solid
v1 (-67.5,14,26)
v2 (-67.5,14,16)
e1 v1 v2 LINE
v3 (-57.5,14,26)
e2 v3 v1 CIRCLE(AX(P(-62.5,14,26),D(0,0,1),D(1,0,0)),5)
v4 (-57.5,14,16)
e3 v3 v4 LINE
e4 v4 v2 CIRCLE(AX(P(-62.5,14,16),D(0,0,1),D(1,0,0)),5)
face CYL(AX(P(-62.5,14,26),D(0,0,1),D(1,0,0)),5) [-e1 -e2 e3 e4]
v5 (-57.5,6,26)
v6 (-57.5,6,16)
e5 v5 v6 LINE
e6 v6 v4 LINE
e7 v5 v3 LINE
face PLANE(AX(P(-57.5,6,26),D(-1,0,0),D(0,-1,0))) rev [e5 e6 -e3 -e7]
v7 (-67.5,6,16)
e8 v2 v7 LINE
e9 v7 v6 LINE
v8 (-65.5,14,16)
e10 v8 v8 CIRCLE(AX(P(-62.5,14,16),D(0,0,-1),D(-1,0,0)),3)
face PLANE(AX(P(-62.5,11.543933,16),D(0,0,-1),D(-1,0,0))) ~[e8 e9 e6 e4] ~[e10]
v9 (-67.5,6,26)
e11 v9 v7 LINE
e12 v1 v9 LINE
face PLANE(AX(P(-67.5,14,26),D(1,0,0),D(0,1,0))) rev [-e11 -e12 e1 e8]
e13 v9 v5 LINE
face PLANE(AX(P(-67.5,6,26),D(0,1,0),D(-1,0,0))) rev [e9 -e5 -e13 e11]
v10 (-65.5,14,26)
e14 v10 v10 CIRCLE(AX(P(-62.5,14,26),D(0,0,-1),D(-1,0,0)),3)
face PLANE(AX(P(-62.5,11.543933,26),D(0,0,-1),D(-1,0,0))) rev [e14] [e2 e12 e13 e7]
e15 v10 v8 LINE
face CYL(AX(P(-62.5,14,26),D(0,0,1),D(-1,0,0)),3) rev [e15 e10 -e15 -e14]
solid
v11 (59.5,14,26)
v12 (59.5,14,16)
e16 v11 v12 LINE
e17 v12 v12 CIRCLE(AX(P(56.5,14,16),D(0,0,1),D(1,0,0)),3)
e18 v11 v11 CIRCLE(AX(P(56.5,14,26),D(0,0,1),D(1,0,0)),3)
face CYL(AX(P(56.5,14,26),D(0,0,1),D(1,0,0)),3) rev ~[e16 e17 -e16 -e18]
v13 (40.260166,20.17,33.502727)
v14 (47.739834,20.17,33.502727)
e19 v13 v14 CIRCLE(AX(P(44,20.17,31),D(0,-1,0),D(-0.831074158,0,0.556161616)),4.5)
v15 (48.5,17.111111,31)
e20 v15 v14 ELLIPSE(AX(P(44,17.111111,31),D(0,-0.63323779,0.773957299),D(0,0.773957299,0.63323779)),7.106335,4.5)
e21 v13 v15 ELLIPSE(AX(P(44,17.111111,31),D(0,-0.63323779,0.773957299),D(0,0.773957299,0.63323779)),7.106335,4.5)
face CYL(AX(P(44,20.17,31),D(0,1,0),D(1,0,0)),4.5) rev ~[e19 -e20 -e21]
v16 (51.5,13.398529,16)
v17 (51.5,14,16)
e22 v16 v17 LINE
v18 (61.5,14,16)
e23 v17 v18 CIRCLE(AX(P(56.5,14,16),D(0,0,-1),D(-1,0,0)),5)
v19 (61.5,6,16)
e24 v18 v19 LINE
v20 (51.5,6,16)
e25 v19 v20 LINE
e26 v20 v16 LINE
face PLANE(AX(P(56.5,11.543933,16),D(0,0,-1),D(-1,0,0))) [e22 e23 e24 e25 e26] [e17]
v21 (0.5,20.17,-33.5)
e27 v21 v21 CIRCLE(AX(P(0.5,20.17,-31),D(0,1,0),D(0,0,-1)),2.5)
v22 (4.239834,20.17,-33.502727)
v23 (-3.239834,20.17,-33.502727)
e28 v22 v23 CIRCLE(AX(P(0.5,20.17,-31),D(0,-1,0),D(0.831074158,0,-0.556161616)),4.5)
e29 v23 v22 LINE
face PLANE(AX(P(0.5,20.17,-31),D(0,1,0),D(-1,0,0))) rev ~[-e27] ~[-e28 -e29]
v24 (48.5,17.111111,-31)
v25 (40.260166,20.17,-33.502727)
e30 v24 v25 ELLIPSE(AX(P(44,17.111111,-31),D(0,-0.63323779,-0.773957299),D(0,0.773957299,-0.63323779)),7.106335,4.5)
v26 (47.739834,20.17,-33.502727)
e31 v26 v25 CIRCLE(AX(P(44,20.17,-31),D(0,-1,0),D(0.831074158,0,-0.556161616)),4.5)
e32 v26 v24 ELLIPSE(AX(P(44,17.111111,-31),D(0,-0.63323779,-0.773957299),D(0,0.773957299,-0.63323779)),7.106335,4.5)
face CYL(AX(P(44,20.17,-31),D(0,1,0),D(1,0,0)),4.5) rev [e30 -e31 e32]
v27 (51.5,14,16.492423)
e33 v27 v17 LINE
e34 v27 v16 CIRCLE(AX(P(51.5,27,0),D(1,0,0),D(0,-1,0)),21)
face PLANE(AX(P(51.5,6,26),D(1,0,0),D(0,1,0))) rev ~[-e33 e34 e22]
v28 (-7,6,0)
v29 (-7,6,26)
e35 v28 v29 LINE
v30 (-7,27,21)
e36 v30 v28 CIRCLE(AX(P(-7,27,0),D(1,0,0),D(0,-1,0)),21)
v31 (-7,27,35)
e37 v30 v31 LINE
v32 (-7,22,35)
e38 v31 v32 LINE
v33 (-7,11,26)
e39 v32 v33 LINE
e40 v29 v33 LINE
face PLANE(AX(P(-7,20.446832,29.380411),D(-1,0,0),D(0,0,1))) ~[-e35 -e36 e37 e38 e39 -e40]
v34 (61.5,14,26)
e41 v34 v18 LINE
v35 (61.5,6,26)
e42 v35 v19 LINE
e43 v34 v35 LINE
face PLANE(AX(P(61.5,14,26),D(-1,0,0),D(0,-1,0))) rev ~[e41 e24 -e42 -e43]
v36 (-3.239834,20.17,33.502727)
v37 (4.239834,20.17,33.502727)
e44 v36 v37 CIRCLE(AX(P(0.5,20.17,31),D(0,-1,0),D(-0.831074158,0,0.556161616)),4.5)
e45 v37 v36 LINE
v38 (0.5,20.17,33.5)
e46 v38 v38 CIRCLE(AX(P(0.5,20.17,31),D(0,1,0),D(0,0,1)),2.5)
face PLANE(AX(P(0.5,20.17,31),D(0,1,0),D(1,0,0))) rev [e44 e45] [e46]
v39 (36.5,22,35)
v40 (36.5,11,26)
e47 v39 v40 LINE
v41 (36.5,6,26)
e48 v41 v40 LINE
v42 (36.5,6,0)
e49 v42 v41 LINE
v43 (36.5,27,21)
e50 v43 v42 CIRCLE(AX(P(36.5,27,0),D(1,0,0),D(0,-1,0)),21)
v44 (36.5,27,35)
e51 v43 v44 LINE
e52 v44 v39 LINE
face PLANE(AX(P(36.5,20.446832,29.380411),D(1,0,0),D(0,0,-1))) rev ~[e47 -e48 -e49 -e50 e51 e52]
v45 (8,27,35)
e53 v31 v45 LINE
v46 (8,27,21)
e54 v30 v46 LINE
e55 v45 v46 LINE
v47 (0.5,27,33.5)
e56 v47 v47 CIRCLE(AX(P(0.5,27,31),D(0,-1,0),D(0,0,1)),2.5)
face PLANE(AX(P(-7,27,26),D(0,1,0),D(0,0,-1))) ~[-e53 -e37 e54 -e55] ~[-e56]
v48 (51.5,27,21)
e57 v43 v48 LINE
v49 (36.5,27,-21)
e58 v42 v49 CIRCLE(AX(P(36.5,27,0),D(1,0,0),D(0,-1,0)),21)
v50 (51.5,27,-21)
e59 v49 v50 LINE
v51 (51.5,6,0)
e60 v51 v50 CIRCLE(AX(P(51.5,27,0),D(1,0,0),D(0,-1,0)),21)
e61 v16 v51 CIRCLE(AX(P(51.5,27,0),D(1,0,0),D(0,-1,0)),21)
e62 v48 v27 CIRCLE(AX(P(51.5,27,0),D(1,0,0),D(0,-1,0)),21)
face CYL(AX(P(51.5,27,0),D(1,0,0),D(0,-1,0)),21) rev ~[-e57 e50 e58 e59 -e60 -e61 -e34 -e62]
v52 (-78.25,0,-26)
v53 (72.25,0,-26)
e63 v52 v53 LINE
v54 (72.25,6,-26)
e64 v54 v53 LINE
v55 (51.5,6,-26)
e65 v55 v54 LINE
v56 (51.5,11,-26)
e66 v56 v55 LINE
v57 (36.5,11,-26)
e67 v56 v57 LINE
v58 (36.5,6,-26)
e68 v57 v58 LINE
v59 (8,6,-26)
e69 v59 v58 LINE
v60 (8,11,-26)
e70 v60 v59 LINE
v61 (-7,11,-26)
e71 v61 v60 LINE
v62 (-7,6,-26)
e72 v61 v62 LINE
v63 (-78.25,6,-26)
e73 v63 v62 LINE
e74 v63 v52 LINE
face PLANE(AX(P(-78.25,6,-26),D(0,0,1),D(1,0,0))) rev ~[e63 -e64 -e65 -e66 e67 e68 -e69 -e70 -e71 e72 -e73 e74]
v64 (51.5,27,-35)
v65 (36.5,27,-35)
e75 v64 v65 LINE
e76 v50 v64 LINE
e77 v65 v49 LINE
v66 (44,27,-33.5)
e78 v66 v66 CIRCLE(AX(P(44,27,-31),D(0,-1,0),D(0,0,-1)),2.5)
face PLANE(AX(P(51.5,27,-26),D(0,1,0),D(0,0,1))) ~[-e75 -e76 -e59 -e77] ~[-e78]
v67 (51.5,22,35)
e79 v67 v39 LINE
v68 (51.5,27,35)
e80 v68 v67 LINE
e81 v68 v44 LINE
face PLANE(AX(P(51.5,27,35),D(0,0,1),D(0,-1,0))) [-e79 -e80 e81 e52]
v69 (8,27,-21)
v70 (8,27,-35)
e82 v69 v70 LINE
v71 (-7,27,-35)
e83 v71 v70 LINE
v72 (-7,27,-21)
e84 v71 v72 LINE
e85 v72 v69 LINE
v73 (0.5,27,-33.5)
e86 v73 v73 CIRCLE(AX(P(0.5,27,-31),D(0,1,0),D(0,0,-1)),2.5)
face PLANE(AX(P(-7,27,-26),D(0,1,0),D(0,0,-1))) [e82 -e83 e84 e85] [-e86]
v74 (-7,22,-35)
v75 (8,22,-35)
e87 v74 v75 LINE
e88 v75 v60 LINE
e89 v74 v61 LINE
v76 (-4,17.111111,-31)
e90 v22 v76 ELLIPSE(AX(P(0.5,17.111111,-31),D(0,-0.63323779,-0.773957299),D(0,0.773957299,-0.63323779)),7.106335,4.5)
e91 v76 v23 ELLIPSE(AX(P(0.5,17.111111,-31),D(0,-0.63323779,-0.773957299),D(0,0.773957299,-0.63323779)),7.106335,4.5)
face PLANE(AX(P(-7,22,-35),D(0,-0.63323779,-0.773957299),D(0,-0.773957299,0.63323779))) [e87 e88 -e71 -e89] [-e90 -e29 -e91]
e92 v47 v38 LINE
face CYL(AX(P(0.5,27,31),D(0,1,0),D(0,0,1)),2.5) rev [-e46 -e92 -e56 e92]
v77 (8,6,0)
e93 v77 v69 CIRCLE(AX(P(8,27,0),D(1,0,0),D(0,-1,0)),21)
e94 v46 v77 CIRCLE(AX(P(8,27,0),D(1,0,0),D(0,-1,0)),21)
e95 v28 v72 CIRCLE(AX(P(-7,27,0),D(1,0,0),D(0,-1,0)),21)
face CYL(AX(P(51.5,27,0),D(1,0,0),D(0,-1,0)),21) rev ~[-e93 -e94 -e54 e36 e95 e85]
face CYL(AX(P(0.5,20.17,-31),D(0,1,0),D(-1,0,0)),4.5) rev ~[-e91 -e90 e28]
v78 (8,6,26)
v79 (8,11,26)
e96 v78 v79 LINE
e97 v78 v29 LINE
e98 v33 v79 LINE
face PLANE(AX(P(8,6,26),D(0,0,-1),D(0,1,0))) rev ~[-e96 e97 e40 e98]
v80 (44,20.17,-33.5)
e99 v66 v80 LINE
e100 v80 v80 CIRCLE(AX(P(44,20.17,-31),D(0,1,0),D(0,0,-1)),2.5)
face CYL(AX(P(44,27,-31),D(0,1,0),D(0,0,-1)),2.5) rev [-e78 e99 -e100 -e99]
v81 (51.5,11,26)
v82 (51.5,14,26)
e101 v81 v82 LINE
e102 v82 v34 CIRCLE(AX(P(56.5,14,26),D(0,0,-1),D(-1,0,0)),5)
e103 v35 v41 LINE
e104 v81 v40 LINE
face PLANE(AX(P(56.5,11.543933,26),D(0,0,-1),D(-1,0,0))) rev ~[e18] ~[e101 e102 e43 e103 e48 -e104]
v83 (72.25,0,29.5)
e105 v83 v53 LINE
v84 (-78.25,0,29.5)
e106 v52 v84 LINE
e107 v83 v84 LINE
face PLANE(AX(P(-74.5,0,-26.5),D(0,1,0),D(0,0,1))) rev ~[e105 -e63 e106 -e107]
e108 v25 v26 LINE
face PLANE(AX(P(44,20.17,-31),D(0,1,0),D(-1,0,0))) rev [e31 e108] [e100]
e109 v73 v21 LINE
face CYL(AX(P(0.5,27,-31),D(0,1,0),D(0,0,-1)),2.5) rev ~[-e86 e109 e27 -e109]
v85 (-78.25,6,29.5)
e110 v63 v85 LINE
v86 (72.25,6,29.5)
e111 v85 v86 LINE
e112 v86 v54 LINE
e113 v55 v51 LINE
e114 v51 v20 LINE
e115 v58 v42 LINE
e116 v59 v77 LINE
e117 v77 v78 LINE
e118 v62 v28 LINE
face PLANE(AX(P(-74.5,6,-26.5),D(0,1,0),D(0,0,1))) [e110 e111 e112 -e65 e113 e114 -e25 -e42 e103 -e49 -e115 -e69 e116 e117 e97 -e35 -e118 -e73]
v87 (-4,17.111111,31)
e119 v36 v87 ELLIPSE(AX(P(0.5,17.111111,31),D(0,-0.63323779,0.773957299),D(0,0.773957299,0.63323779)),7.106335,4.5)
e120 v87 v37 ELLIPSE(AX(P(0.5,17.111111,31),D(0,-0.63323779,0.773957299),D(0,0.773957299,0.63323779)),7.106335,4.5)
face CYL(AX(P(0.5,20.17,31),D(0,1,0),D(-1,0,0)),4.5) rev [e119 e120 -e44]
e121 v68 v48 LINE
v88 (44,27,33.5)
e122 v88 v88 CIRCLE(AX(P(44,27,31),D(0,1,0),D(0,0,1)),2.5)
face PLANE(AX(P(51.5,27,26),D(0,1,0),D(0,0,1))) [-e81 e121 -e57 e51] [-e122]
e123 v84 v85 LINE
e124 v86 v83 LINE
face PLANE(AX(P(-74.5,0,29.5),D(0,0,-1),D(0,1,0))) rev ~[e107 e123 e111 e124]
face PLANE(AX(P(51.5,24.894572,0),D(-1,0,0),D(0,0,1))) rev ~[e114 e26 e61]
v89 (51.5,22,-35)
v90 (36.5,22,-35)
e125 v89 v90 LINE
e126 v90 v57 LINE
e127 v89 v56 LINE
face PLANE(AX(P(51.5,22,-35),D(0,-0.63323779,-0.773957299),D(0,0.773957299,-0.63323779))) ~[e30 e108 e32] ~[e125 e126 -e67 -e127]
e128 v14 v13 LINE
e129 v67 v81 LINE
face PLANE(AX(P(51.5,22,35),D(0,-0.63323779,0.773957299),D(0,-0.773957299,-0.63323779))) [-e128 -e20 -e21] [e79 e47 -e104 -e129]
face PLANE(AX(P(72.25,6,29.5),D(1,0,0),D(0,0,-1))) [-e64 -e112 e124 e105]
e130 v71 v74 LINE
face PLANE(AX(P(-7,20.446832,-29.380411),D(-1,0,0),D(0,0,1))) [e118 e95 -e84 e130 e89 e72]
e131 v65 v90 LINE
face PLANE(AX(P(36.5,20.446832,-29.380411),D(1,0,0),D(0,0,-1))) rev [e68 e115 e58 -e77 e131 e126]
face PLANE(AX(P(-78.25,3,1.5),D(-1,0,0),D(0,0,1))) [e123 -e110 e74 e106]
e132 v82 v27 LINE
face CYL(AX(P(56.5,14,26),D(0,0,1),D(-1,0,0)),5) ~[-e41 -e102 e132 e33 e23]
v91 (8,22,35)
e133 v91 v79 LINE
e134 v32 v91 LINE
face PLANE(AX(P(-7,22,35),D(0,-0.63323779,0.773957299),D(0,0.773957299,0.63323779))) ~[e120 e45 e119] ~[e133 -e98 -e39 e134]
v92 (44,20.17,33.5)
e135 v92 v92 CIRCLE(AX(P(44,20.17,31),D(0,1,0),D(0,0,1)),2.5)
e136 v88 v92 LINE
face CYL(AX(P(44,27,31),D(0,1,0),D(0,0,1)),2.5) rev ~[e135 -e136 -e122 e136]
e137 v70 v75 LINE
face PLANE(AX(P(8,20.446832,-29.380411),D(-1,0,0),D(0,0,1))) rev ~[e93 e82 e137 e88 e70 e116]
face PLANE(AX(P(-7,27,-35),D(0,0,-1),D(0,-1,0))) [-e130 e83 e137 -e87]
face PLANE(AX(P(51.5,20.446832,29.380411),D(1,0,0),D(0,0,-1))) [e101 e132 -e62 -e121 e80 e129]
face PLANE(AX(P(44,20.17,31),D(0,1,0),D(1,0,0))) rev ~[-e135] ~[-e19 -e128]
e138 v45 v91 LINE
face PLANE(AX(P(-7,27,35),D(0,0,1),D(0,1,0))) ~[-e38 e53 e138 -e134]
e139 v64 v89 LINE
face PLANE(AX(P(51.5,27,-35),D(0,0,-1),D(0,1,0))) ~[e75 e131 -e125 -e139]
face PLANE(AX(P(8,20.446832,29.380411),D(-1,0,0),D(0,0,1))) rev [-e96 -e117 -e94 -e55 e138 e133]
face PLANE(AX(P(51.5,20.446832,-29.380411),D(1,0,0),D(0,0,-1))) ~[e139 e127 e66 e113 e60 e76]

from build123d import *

# Parameters (mm, degrees)
CROQUIS1_W                                  = 149
CROQUIS1_H                                  = 53
SALIENTE_EXTRUIR1_DEPTH                     = 6
SALIENTE_EXTRUIR2_DEPTH                     = 15
SALIENTE_EXTRUIR5_DEPTH                     = 15
CROQUIS3_R                                  = 21
CORTAR_EXTRUIR2_DEPTH                       = 140.238105417
CROQUIS6_R                                  = 3
SALIENTE_EXTRUIR11_DEPTH                    = 10
CROQUIS10_W                                 = 149
CROQUIS10_H                                 = 6
SALIENTE_EXTRUIR23_DEPTH                    = 3
CROQUIS11_W                                 = 2.25
CROQUIS11_H                                 = 56
CORTAR_EXTRUIR3_DEPTH                       = 93.895102131
CROQUIS12_W                                 = 56
CROQUIS12_H                                 = 6
SALIENTE_EXTRUIR24_DEPTH                    = 3.75
CROQUIS13_W                                 = 150.5
CROQUIS13_H                                 = 0.5
CORTAR_EXTRUIR4_DEPTH                       = 96.928684448
CROQUIS14_W                                 = 169.427236994
CROQUIS14_H                                 = 76.033419256
CORTAR_EXTRUIR5_DEPTH                       = 88.876689173
SALIENTE_EXTRUIR25_DEPTH                    = 15
CROQUIS16_R                                 = 2.5
CORTAR_EXTRUIR6_DEPTH                       = 10
CROQUIS17_R                                 = 4.5
CORTAR_EXTRUIR7_DEPTH                       = 10
SIMETR_A14_AT_THE_SECOND_PLANE_COPY_1_DEPTH = 15
SIMETR_A14_AT_THE_SECOND_PLANE_COPY_2_SK_R  = 2.5
SIMETR_A14_AT_THE_SECOND_PLANE_COPY_2_DEPTH = 10
SIMETR_A14_AT_THE_SECOND_PLANE_COPY_3_SK_R  = 4.5
SIMETR_A14_AT_THE_SECOND_PLANE_COPY_3_DEPTH = 10


with BuildPart() as part:
    # Croquis1 → Saliente-Extruir1 (new body)
    with BuildSketch(Plane(origin=(0, 0, 0), x_dir=(1, 0, 0), z_dir=(0, 1, 0))):
        Rectangle(CROQUIS1_W, CROQUIS1_H)
    extrude(amount=SALIENTE_EXTRUIR1_DEPTH)

    # Croquis2 → Saliente-Extruir2 (add)
    with BuildSketch(Plane(origin=(51.5, 0, 0), x_dir=(0, 0, -1), z_dir=(1, 0, 0))):
        with BuildLine():
            Line((26, 6), (-26, 6))
            Line((-26, 6), (-26, 27))
            ThreePointArc((-26, 27), (0, 53), (26, 27))
            Line((26, 27), (26, 6))
        make_face()
    extrude(amount=-SALIENTE_EXTRUIR2_DEPTH)

    # Croquis5 → Saliente-Extruir5 (add)
    with BuildSketch(Plane.ZY.offset(-8)):
        with BuildLine():
            Line((-26, 6), (26, 6))
            Line((26, 6), (26, 27))
            ThreePointArc((26, 27), (0, 53), (-26, 27))
            Line((-26, 27), (-26, 6))
        make_face()
    extrude(amount=SALIENTE_EXTRUIR5_DEPTH)

    # Croquis3 → Cortar-Extruir2 (cut, through all)
    with BuildSketch(Plane(origin=(51.5, 0, 0), x_dir=(0, 0, -1), z_dir=(1, 0, 0))):
        with Locations(Location((0, 27, 0), (0, 0, 270))):
            Circle(CROQUIS3_R)
    extrude(amount=-CORTAR_EXTRUIR2_DEPTH, mode=Mode.SUBTRACT)

    # Croquis10 → Saliente-Extruir23 (add)
    with BuildSketch(Plane.XY.offset(26.5)):
        with Locations((0, 3)):
            Rectangle(CROQUIS10_W, CROQUIS10_H)
    extrude(amount=SALIENTE_EXTRUIR23_DEPTH)

    # Croquis11 → Cortar-Extruir3 (cut, through all)
    with BuildSketch(Plane(origin=(0, 6, 0), x_dir=(1, 0, 0), z_dir=(0, 1, 0))):
        with Locations((73.375, -1.5)):
            Rectangle(CROQUIS11_W, CROQUIS11_H)
    extrude(amount=-CORTAR_EXTRUIR3_DEPTH, mode=Mode.SUBTRACT)

    # Croquis12 → Saliente-Extruir24 (add)
    with BuildSketch(Plane.ZY.offset(74.5)):
        with Locations((1.5, 3)):
            Rectangle(CROQUIS12_W, CROQUIS12_H)
    extrude(amount=SALIENTE_EXTRUIR24_DEPTH)

    # Croquis13 → Cortar-Extruir4 (cut, through all)
    with BuildSketch(Plane(origin=(0, 6, 0), x_dir=(1, 0, 0), z_dir=(0, 1, 0))):
        with Locations((-3, 26.25)):
            Rectangle(CROQUIS13_W, CROQUIS13_H)
    extrude(amount=-CORTAR_EXTRUIR4_DEPTH, mode=Mode.SUBTRACT)

    # Croquis14 → Cortar-Extruir5 (cut, through all)
    with BuildSketch(Plane(origin=(0, 27, 0), x_dir=(-1, 0, 0), z_dir=(0, -1, 0))):
        Rectangle(CROQUIS14_W, CROQUIS14_H)
    extrude(amount=-CORTAR_EXTRUIR5_DEPTH, mode=Mode.SUBTRACT)



with BuildPart() as body_2:
    # Croquis6 → Saliente-Extruir11 (new body)
    with BuildSketch(Plane.XY.offset(26)):
        with BuildLine():
            Line((61.5, 6), (51.5, 6))
            Line((51.5, 6), (51.5, 14))
            ThreePointArc((51.5, 14), (56.5, 19), (61.5, 14))
            Line((61.5, 14), (61.5, 6))
        make_face()
        with Locations((56.5, 14)):
            Circle(CROQUIS6_R, mode=Mode.SUBTRACT)
    extrude(amount=-SALIENTE_EXTRUIR11_DEPTH)


with BuildPart() as body_3:
    # Simetría11: mirrored copy
    add(body_2.part.mirror(Plane(origin=(-3, 0, 0), x_dir=(0, 0, 1), z_dir=(1, 0, 0))))


with BuildPart() as part_1:
    add(part.part)

    add(body_2.part)  # Saliente-Extruir25 merges body 2
    # Croquis15 → Saliente-Extruir25 (add)
    with BuildSketch(Plane(origin=(51.5, 0, 0), x_dir=(0, 0, -1), z_dir=(1, 0, 0))):
        Polygon((-26, 27), (-35, 27), (-35, 22), (-26, 11), align=None)
    saliente_extruir25 = extrude(amount=-SALIENTE_EXTRUIR25_DEPTH)

    # Croquis16 → Cortar-Extruir6 (cut)
    with BuildSketch(Plane(origin=(0, 27, 0), x_dir=(1, 0, 0), z_dir=(0, 1, 0))):
        with Locations(Location((44, -31, 0), (0, 0, 270))):
            Circle(CROQUIS16_R)
    cortar_extruir6 = extrude(amount=-CORTAR_EXTRUIR6_DEPTH, mode=Mode.SUBTRACT)

    # Croquis17 → Cortar-Extruir7 (cut)
    with BuildSketch(Plane(origin=(0, 20.17, 0), x_dir=(1, 0, 0), z_dir=(0, 1, 0))):
        with Locations((44, -31)):
            Circle(CROQUIS17_R)
    cortar_extruir7 = extrude(amount=-CORTAR_EXTRUIR7_DEPTH, mode=Mode.SUBTRACT)

    # Simetría14: Saliente-Extruir25, Cortar-Extruir6, Cortar-Extruir7 across plane
    add(saliente_extruir25.mirror(Plane.XY))
    add(cortar_extruir6.mirror(Plane.XY), mode=Mode.SUBTRACT)
    add(cortar_extruir7.mirror(Plane.XY), mode=Mode.SUBTRACT)

    # Simetría14 at the second plane: Saliente-Extruir25, Cortar-Extruir6, Cortar-Extruir7 across plane
    add(saliente_extruir25.mirror(Plane.ZY.offset(-22.25)))
    add(cortar_extruir6.mirror(Plane.ZY.offset(-22.25)), mode=Mode.SUBTRACT)
    add(cortar_extruir7.mirror(Plane.ZY.offset(-22.25)), mode=Mode.SUBTRACT)

    # Simetría14 at the second plane copy 1 sk → Simetría14 at the second plane copy 1 (add)
    with BuildSketch(Plane.ZY.offset(7)):
        Polygon((-26, 27), (-35, 27), (-35, 22), (-26, 11), align=None)
    extrude(amount=-SIMETR_A14_AT_THE_SECOND_PLANE_COPY_1_DEPTH)

    # Simetría14 at the second plane copy 2 sk → Simetría14 at the second plane copy 2 (cut)
    with BuildSketch(Plane(origin=(44.5, 27, 0), x_dir=(-1, 0, 0), z_dir=(0, 1, 0))):
        with Locations(Location((44, -31, 0), (0, 0, 270))):
            Circle(SIMETR_A14_AT_THE_SECOND_PLANE_COPY_2_SK_R)
    extrude(amount=-SIMETR_A14_AT_THE_SECOND_PLANE_COPY_2_DEPTH, mode=Mode.SUBTRACT)

    # Simetría14 at the second plane copy 3 sk → Simetría14 at the second plane copy 3 (cut)
    with BuildSketch(Plane(origin=(44.5, 20.17, 0), x_dir=(-1, 0, 0), z_dir=(0, 1, 0))):
        with Locations((44, -31)):
            Circle(SIMETR_A14_AT_THE_SECOND_PLANE_COPY_3_SK_R)
    extrude(amount=-SIMETR_A14_AT_THE_SECOND_PLANE_COPY_3_DEPTH, mode=Mode.SUBTRACT)


solid = Compound([body_3.part, part_1.part])
